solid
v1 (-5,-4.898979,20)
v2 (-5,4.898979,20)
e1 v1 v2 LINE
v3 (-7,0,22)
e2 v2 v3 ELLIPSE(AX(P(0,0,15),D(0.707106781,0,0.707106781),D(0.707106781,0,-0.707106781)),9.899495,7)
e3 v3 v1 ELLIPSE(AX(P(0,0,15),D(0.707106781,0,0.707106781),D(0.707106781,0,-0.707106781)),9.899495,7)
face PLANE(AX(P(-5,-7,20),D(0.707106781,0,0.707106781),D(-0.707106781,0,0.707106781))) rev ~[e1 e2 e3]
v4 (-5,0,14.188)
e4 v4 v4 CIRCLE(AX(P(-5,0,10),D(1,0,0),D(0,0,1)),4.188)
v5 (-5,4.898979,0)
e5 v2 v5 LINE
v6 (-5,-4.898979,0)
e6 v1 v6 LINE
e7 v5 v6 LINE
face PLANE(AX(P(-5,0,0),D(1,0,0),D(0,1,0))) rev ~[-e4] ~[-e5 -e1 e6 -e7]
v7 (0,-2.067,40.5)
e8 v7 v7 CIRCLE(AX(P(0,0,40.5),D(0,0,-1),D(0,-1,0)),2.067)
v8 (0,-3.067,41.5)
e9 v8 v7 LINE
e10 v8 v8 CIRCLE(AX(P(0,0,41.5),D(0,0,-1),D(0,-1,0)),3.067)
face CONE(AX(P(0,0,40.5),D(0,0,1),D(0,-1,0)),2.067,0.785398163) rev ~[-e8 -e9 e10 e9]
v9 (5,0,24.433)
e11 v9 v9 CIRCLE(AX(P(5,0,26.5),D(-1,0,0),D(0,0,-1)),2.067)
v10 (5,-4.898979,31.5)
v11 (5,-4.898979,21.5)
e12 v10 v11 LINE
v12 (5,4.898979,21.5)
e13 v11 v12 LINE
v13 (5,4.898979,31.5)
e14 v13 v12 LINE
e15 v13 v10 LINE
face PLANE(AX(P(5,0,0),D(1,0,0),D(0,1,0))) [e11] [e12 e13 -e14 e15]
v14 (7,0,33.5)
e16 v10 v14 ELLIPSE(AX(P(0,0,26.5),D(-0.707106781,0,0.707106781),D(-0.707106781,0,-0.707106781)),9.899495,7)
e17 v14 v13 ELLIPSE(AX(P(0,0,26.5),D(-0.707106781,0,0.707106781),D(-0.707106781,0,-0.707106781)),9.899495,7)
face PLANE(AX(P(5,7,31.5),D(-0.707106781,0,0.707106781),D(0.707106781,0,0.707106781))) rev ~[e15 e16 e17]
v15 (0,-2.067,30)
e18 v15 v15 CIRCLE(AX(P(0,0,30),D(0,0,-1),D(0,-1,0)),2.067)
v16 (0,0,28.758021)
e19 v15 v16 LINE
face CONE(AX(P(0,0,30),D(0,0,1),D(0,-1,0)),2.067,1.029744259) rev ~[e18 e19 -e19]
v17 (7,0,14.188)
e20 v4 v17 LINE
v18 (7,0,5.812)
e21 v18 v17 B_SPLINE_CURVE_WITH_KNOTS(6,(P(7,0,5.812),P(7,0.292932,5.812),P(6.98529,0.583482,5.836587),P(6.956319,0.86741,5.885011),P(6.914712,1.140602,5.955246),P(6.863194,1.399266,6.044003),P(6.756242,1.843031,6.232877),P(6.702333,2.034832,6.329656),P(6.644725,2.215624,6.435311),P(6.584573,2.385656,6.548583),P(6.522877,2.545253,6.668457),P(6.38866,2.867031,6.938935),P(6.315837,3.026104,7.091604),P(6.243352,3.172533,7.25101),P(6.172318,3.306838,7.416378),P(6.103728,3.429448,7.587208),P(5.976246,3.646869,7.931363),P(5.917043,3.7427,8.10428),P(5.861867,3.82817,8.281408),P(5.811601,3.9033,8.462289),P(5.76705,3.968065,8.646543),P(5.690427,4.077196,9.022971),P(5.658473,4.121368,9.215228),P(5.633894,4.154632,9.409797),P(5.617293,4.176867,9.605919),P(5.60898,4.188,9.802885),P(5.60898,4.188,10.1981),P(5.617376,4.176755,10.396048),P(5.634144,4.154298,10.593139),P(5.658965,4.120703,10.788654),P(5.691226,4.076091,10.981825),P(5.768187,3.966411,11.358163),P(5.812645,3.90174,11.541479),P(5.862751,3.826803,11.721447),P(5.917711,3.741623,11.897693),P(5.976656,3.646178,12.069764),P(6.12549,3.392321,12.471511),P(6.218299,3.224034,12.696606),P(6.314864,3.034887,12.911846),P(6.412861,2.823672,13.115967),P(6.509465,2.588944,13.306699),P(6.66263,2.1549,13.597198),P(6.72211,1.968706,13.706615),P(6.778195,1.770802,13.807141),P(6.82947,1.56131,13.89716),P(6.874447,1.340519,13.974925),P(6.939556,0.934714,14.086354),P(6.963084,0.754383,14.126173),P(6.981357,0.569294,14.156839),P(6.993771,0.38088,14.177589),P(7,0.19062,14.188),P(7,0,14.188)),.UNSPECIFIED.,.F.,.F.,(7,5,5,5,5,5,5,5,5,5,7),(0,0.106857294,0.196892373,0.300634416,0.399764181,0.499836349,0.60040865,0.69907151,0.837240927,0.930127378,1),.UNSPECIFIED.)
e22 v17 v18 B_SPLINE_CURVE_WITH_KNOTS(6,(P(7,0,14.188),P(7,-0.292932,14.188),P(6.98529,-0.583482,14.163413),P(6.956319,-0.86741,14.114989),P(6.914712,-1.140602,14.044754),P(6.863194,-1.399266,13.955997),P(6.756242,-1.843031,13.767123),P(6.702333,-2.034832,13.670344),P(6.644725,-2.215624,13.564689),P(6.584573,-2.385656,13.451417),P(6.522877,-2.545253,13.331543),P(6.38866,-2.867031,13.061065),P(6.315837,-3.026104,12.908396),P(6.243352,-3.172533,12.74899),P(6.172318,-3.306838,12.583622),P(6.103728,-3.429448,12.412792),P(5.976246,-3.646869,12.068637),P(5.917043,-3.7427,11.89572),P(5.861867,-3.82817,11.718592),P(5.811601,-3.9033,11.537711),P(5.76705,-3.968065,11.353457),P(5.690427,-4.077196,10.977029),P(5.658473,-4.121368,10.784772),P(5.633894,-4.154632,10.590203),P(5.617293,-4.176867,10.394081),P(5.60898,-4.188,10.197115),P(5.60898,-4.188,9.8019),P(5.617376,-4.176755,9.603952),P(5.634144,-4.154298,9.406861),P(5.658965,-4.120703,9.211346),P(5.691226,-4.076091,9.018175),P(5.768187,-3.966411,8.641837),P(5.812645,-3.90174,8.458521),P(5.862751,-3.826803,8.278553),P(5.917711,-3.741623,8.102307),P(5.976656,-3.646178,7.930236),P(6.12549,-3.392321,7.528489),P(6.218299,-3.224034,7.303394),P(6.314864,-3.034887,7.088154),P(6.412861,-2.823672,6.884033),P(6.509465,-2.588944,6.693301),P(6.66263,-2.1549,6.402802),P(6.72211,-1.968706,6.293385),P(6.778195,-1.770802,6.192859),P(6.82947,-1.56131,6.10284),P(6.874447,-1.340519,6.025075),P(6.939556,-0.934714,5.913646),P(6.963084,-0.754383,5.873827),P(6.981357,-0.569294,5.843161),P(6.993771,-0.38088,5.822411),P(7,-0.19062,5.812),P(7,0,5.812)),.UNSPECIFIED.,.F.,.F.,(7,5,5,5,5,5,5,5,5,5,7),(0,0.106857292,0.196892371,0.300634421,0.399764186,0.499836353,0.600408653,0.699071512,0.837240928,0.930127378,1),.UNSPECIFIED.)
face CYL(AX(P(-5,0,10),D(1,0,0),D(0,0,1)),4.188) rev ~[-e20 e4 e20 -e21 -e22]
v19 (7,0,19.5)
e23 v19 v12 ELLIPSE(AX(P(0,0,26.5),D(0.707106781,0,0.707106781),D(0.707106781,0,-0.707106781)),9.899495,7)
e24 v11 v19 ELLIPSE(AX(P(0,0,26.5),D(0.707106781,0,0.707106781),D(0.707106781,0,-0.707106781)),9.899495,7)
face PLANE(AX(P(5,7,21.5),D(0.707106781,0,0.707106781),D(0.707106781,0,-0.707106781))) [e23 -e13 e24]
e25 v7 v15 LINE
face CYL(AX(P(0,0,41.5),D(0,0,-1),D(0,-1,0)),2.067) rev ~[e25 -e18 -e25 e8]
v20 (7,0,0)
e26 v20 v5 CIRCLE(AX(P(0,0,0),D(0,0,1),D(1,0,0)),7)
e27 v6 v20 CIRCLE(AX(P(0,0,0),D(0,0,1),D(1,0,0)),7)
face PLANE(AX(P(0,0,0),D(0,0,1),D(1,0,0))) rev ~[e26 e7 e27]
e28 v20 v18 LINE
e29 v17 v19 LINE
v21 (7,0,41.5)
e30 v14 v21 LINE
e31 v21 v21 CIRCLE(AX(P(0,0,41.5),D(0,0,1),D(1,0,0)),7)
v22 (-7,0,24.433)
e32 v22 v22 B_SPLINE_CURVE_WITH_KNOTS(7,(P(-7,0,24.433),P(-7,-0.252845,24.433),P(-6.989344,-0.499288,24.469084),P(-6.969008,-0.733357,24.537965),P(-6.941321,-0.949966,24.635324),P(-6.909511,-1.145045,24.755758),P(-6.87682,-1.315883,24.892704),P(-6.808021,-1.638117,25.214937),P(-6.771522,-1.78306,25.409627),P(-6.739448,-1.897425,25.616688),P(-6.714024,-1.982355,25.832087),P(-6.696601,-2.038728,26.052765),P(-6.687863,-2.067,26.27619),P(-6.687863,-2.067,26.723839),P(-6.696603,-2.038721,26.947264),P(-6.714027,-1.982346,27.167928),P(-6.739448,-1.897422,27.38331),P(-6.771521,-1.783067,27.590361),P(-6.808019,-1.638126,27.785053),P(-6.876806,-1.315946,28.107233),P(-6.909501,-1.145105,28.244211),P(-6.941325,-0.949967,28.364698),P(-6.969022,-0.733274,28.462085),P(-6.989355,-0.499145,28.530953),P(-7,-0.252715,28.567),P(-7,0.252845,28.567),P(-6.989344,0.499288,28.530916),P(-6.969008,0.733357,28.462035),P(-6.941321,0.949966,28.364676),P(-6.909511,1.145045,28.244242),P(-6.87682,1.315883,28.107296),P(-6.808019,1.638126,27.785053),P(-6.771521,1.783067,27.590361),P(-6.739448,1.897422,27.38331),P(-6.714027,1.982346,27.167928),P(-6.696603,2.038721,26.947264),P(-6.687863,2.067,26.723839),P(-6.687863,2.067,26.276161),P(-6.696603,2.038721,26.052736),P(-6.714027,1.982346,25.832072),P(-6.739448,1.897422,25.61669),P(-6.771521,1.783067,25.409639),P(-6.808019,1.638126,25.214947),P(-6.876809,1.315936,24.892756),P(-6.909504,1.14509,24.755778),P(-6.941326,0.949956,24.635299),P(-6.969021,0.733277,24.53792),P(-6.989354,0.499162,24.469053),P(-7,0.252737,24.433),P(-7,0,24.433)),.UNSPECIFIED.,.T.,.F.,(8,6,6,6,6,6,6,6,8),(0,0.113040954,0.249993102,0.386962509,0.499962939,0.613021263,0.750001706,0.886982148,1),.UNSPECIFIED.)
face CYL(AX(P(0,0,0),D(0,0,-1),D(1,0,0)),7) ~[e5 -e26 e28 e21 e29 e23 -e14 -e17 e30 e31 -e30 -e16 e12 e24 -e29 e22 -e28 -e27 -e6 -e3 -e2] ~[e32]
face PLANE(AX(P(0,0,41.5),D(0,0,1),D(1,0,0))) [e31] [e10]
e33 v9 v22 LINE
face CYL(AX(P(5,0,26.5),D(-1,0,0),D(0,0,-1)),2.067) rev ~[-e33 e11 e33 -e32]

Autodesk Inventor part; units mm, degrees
ref_plane "XY Plane" through (0, 0, 0) normal (0, 0, 1) x (1, 0, 0)
sketch "Skizze1" plane through (0, 0, 0) normal (0, 0, 1) x (1, 0, 0)
  circle A0 centre (0, 0) radius 7
  dimension "d0" = 14
extrude "Extrusion1" add sketch "Skizze1" along normal blind 41.5
sketch "Skizze2" plane through (0, 0, 41.5) normal (0, 0, 1) x (1, 0, 0)
  circle A0 centre (0, 0) radius 7 projected
hole "Bohrung1" at (0, 0, 41.5) direction (0, 0, -1) diameter 4.134 depth 11.5 tip angle 118 thread size "M5x0.8" class "6H" standard "ISO Metric profile"
chamfer "Fasen1" distance 1 angle 45 1 edges at (0, 2.067, 41.5)
ref_plane "Arbeitsebene1" through (-7, 0, 0) normal (1, 0, 0) x (0, 1, 0)
ref_plane "Arbeitsebene2" through (0, -7, 0) normal (0, 1, 0) x (-1, 0, 0)
ref_plane "Arbeitsebene3" through (7, 0, 0) normal (1, 0, 0) x (0, 1, 0)
sketch "Skizze6" plane through (7, 0, 0) normal (1, 0, 0) x (0, 1, 0)
  line L0 (-7, 0) -> (-7, 41.5) projected
  line L1 (7, 0) -> (7, 41.5) projected
  line L2 (-7, 21.5) -> (7, 21.5)
  line L3 (7, 21.5) -> (7, 31.5)
  line L4 (7, 31.5) -> (-7, 31.5)
  line L5 (-7, 31.5) -> (-7, 21.5)
  line L6 (7, 41.5) -> (-7, 41.5) projected
  point P0 (0, 0)
  point P1 (-7, 31.5)
  point P2 (7, 21.5)
  dimension "d29" = 10
  dimension "d30" = 10
extrude "Extrusion4" cut sketch "Skizze6" against normal blind 2 contours L0 L4 L1 L2
sketch "Skizze7" plane through (5, 0, 0) normal (1, 0, 0) x (0, 0, -1)
  line L0 (-21.5, -4.899) -> (-21.5, 4.899) projected
  line L1 (0, 7) -> (0, -7) projected
  point P0 (0, 0)
  point P1 (-26.5, 0)
  point P2 (0, 0)
  point P3 (0, 0)
  point P4 (0, 0)
  dimension "d33" = 5
hole "Bohrung3" at (5, 0, 26.5) direction (-1, 0, 0) diameter 4.134 end through all thread size "M5x0.8" class "6H" standard "ISO Metric profile"
ref_plane "Arbeitsebene4" through (0, 7, 0) normal (0, 1, 0) x (-1, 0, 0)
sketch "Skizze8" plane through (0, 7, 0) normal (0, 1, 0) x (-1, 0, 0)
  line L0 (-5, 21.5) -> (-5, 21.5) projected
  line L1 (-5, 24.433) -> (-5, 28.567) projected
  line L2 (-5, 21.5) -> (-5, 31.5) projected
  line L3 (-5, 31.5) -> (-5, 21.5) projected
  line L4 (-5, 31.5) -> (-7, 31.5) projected
  line L5 (-5, 31.5) -> (-5, 21.5) projected
  line L6 (-5, 21.5) -> (-5, 31.5) projected
  line L7 (-5, 31.5) -> (-5, 31.5) projected
  line L8 (-7, 21.5) -> (-5, 21.5) projected
  line L9 (-5, 21.5) -> (-7, 19.5)
  line L10 (-7, 0) -> (-7, 41.5) projected
  line L11 (-5, 21.5) -> (-2.1716, 21.5) construction
  line L12 (-7, 19.5) -> (-7, 21.5)
  line L13 (-5, 31.5) -> (-7, 33.5)
  line L14 (-5, 31.5) -> (-2.1716, 31.5) construction
  line L15 (-7, 33.5) -> (-7, 31.5)
  point P0 (0, 0)
  dimension "d42" = 135
  dimension "d43" = 135
extrude "Extrusion5" cut sketch "Skizze8" against normal through all contours L9 L10 L8 | L4 L10 L13
sketch "Skizze9" plane through (-7, 0, 0) normal (1, 0, 0) x (0, 1, 0)
  line L0 (7, 0) -> (7, 41.5) projected
  line L1 (-7, 0) -> (-7, 41.5) projected
  line L2 (7, 0) -> (-7, 0)
  line L3 (-7, 0) -> (-7, 20)
  line L4 (-7, 20) -> (7, 20)
  line L5 (7, 20) -> (7, 0)
  point P0 (0, 0)
  point P1 (7, 20)
  dimension "d46" = 20
extrude "Extrusion6" cut sketch "Skizze9" along normal blind 2
sketch "Skizze10" plane through (0, -7, 0) normal (0, 1, 0) x (-1, 0, 0)
  line L0 (7, 20) -> (5, 20) projected
  line L1 (5, 20) -> (5, 20) projected
  line L2 (5, 20) -> (7, 22)
  line L3 (7, 20) -> (7, 41.5) projected
  line L4 (5, 20) -> (7.8284, 20) construction
  point P0 (0, 0)
  dimension "d49" = 45
extrude "Extrusion7" cut sketch "Skizze10" along normal through all
sketch "Skizze11" plane through (-5, 0, 0) normal (-1, 0, 0) x (0, 0, 1)
  line L0 (0, -4.899) -> (0, 4.899) projected
  point P0 (0, 0)
  point P1 (10, 0)
  point P2 (0, 0)
  point P3 (0, 0)
  dimension "d52" = 10
hole "Bohrung4" at (-5, 0, 10) direction (1, 0, 0) diameter 8.376 end through all thread size "M10x1.5" class "6H" standard "ISO Metric profile"
properties part number "TS_V1_Fallmagazin_Zylinderanbindung_int"
